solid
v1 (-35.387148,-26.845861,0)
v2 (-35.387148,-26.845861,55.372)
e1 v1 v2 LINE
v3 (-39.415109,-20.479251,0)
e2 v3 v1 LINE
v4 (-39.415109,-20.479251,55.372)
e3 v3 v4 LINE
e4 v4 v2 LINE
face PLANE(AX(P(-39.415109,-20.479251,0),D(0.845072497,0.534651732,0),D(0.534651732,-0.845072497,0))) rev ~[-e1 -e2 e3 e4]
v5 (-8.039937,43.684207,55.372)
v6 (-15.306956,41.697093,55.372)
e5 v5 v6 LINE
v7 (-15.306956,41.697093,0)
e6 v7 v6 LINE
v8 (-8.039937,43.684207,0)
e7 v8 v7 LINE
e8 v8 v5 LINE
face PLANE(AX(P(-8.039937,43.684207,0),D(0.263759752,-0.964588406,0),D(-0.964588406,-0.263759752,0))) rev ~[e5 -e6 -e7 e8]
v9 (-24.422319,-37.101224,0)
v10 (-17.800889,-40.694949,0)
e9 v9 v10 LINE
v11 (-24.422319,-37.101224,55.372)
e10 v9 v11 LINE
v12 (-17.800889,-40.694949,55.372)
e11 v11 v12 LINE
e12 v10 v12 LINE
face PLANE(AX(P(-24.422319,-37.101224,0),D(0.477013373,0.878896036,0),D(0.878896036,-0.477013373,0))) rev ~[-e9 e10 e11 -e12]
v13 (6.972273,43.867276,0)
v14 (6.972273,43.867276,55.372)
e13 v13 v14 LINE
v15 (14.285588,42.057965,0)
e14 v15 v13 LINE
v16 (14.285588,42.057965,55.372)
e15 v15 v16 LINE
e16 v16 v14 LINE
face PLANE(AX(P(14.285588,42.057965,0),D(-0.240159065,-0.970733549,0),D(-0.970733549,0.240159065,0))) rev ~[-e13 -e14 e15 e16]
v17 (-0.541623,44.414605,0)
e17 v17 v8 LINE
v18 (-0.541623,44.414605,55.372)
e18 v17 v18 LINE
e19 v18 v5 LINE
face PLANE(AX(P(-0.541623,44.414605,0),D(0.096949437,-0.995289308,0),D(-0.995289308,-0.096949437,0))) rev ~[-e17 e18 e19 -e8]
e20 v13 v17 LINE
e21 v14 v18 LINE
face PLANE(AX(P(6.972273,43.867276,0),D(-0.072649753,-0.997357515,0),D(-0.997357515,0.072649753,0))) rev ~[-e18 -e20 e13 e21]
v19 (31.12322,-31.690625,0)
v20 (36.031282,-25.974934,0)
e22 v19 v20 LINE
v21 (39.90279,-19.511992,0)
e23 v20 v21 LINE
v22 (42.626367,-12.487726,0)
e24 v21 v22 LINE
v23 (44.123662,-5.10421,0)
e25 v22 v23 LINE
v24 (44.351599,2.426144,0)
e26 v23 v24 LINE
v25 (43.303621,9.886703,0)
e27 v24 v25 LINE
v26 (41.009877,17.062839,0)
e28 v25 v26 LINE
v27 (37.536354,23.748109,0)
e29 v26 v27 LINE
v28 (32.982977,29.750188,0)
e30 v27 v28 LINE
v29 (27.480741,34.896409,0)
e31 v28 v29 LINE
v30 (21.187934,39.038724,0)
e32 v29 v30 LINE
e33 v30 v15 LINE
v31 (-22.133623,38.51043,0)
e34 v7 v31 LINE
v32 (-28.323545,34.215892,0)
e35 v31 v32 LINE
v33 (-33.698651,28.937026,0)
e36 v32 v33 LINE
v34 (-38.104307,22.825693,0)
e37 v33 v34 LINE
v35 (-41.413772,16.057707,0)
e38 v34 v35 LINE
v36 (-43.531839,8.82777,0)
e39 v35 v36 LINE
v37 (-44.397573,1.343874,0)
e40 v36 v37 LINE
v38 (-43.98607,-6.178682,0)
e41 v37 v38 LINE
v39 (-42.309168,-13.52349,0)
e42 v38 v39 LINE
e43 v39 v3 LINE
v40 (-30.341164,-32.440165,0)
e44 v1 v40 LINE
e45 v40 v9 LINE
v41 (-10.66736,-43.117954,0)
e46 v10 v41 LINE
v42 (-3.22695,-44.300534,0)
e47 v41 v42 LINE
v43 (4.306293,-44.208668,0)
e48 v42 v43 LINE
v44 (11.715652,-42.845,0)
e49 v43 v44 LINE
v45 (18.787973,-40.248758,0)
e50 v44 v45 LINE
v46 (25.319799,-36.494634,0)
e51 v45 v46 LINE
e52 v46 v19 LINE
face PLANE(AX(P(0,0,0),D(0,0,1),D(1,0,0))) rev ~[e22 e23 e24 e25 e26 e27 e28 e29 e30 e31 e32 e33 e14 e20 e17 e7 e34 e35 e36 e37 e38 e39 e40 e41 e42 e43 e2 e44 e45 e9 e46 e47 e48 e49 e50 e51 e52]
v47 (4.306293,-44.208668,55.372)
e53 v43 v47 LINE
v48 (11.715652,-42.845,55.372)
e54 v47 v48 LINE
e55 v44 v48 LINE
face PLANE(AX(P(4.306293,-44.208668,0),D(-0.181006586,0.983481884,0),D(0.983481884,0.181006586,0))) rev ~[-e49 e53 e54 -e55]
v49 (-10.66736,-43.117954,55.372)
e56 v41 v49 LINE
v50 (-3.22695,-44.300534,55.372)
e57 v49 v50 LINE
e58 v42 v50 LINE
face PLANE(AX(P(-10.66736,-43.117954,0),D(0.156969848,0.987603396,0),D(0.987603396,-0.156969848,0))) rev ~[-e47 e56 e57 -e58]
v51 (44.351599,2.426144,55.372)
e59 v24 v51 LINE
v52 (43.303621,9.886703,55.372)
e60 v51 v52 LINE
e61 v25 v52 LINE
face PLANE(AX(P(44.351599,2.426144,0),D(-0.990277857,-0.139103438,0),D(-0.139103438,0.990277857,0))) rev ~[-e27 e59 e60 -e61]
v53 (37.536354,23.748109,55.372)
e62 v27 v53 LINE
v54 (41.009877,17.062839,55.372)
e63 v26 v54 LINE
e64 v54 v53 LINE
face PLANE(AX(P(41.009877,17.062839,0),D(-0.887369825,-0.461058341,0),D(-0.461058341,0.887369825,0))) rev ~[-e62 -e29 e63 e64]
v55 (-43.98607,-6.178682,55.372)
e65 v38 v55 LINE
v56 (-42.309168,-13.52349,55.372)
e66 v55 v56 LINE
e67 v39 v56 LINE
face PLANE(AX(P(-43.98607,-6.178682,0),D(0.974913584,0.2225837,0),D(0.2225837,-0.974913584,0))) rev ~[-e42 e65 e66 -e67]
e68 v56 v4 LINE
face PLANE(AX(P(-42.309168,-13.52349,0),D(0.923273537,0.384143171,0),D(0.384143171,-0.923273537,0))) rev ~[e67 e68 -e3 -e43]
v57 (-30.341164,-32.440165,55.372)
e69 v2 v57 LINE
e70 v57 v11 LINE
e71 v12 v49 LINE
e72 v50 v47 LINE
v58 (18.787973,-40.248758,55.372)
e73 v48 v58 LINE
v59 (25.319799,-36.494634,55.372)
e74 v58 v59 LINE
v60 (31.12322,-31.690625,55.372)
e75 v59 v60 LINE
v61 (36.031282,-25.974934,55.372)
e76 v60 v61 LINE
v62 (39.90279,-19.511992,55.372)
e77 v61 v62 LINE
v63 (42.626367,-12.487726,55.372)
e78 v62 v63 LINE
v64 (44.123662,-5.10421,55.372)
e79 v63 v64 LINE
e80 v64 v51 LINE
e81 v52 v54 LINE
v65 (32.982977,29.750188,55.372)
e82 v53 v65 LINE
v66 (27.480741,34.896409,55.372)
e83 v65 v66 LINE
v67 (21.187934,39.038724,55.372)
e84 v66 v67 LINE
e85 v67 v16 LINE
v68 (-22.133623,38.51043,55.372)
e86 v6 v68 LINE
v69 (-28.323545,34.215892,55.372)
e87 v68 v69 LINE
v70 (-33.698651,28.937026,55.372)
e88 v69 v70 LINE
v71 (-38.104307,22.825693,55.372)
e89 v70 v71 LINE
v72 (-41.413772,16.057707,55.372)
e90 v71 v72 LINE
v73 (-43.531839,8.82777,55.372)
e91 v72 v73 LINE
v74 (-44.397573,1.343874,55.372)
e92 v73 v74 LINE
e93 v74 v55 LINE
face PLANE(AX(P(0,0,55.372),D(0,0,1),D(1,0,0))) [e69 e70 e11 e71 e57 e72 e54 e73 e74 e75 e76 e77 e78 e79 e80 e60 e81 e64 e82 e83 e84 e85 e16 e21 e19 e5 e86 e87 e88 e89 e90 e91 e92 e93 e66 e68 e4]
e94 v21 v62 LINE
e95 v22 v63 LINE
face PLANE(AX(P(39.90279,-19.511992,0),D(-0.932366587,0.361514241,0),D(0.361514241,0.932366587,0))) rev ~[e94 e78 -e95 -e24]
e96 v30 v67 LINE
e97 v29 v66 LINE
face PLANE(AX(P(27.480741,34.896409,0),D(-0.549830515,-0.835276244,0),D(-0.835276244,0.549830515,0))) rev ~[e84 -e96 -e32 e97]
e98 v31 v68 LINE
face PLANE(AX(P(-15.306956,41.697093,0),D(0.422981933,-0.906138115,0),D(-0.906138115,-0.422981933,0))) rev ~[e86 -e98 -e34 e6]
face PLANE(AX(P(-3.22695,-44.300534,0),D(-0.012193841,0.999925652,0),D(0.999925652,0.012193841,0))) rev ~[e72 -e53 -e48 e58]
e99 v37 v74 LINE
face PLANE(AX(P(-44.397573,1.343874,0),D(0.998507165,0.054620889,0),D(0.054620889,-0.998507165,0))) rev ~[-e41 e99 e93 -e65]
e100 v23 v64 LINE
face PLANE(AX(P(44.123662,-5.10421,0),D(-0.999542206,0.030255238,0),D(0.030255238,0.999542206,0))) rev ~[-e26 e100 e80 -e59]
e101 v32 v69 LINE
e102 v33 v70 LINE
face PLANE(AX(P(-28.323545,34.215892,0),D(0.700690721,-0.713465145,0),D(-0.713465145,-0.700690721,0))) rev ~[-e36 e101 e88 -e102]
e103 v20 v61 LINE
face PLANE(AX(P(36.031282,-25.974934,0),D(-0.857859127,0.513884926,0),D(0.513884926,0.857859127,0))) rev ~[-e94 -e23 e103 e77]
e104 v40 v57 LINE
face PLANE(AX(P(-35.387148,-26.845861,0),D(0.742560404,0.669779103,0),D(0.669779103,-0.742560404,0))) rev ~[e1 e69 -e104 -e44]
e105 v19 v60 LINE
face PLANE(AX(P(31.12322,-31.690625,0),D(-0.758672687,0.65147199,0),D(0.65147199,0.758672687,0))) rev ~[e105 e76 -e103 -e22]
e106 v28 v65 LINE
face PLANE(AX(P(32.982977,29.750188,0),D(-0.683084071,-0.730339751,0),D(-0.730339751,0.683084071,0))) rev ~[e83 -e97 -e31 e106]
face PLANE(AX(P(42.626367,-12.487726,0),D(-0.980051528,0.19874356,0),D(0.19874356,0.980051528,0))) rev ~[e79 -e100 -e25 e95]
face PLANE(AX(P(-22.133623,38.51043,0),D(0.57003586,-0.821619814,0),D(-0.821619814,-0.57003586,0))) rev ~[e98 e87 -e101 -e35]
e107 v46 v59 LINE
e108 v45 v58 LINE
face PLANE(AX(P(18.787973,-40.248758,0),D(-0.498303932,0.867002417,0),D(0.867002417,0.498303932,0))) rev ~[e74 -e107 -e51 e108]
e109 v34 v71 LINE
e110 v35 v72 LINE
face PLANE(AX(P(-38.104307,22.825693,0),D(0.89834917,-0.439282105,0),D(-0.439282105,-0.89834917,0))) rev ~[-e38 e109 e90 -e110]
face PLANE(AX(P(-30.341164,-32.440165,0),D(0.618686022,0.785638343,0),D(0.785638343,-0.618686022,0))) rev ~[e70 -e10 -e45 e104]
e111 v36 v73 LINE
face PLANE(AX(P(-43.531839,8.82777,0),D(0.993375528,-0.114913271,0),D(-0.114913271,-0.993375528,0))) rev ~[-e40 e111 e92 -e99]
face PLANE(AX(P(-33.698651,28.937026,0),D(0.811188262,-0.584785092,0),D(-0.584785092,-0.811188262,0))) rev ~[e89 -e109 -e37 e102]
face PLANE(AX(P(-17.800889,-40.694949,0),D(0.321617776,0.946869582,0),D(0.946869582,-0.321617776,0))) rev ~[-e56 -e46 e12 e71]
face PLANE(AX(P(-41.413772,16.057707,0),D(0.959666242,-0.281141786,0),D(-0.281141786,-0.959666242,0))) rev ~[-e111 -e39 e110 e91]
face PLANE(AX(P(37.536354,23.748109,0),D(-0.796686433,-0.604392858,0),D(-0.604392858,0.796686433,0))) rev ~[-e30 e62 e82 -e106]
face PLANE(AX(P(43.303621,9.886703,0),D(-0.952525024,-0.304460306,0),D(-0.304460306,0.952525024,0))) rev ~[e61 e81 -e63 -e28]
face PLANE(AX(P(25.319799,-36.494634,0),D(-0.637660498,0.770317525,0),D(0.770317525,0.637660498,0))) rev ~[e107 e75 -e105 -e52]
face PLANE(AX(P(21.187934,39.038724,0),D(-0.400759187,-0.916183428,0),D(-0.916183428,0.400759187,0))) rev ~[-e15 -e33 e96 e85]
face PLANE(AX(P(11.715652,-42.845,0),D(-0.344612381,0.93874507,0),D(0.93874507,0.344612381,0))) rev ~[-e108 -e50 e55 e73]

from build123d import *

# Parameters (mm, degrees)
F1_DEPTH = 55.372


with BuildPart() as f1:
    # F0 (on Top) → F1 (new body)
    with BuildSketch(Plane.XY):
        Polygon((39.90279, -19.511992), (42.626367, -12.487726), (44.123662, -5.10421), (44.351599, 2.426144), (43.303621, 9.886703), (41.009877, 17.062839), (37.536354, 23.748109), (32.982977, 29.750188), (27.480741, 34.896409), (21.187934, 39.038724), (14.285588, 42.057965), (6.972273, 43.867276), (-0.541623, 44.414605), (-8.039937, 43.684207), (-15.306956, 41.697093), (-22.133623, 38.51043), (-28.323545, 34.215892), (-33.698651, 28.937026), (-38.104307, 22.825693), (-41.413772, 16.057707), (-43.531839, 8.82777), (-44.397573, 1.343874), (-43.98607, -6.178682), (-42.309168, -13.52349), (-39.415109, -20.479251), (-35.387148, -26.845861), (-30.341164, -32.440165), (-24.422319, -37.101224), (-17.800889, -40.694949), (-10.66736, -43.117954), (-3.22695, -44.300534), (4.306293, -44.208668), (11.715652, -42.845), (18.787973, -40.248758), (25.319799, -36.494634), (31.12322, -31.690625), (36.031282, -25.974934), align=None)
    extrude(amount=F1_DEPTH)


solid = f1.part
